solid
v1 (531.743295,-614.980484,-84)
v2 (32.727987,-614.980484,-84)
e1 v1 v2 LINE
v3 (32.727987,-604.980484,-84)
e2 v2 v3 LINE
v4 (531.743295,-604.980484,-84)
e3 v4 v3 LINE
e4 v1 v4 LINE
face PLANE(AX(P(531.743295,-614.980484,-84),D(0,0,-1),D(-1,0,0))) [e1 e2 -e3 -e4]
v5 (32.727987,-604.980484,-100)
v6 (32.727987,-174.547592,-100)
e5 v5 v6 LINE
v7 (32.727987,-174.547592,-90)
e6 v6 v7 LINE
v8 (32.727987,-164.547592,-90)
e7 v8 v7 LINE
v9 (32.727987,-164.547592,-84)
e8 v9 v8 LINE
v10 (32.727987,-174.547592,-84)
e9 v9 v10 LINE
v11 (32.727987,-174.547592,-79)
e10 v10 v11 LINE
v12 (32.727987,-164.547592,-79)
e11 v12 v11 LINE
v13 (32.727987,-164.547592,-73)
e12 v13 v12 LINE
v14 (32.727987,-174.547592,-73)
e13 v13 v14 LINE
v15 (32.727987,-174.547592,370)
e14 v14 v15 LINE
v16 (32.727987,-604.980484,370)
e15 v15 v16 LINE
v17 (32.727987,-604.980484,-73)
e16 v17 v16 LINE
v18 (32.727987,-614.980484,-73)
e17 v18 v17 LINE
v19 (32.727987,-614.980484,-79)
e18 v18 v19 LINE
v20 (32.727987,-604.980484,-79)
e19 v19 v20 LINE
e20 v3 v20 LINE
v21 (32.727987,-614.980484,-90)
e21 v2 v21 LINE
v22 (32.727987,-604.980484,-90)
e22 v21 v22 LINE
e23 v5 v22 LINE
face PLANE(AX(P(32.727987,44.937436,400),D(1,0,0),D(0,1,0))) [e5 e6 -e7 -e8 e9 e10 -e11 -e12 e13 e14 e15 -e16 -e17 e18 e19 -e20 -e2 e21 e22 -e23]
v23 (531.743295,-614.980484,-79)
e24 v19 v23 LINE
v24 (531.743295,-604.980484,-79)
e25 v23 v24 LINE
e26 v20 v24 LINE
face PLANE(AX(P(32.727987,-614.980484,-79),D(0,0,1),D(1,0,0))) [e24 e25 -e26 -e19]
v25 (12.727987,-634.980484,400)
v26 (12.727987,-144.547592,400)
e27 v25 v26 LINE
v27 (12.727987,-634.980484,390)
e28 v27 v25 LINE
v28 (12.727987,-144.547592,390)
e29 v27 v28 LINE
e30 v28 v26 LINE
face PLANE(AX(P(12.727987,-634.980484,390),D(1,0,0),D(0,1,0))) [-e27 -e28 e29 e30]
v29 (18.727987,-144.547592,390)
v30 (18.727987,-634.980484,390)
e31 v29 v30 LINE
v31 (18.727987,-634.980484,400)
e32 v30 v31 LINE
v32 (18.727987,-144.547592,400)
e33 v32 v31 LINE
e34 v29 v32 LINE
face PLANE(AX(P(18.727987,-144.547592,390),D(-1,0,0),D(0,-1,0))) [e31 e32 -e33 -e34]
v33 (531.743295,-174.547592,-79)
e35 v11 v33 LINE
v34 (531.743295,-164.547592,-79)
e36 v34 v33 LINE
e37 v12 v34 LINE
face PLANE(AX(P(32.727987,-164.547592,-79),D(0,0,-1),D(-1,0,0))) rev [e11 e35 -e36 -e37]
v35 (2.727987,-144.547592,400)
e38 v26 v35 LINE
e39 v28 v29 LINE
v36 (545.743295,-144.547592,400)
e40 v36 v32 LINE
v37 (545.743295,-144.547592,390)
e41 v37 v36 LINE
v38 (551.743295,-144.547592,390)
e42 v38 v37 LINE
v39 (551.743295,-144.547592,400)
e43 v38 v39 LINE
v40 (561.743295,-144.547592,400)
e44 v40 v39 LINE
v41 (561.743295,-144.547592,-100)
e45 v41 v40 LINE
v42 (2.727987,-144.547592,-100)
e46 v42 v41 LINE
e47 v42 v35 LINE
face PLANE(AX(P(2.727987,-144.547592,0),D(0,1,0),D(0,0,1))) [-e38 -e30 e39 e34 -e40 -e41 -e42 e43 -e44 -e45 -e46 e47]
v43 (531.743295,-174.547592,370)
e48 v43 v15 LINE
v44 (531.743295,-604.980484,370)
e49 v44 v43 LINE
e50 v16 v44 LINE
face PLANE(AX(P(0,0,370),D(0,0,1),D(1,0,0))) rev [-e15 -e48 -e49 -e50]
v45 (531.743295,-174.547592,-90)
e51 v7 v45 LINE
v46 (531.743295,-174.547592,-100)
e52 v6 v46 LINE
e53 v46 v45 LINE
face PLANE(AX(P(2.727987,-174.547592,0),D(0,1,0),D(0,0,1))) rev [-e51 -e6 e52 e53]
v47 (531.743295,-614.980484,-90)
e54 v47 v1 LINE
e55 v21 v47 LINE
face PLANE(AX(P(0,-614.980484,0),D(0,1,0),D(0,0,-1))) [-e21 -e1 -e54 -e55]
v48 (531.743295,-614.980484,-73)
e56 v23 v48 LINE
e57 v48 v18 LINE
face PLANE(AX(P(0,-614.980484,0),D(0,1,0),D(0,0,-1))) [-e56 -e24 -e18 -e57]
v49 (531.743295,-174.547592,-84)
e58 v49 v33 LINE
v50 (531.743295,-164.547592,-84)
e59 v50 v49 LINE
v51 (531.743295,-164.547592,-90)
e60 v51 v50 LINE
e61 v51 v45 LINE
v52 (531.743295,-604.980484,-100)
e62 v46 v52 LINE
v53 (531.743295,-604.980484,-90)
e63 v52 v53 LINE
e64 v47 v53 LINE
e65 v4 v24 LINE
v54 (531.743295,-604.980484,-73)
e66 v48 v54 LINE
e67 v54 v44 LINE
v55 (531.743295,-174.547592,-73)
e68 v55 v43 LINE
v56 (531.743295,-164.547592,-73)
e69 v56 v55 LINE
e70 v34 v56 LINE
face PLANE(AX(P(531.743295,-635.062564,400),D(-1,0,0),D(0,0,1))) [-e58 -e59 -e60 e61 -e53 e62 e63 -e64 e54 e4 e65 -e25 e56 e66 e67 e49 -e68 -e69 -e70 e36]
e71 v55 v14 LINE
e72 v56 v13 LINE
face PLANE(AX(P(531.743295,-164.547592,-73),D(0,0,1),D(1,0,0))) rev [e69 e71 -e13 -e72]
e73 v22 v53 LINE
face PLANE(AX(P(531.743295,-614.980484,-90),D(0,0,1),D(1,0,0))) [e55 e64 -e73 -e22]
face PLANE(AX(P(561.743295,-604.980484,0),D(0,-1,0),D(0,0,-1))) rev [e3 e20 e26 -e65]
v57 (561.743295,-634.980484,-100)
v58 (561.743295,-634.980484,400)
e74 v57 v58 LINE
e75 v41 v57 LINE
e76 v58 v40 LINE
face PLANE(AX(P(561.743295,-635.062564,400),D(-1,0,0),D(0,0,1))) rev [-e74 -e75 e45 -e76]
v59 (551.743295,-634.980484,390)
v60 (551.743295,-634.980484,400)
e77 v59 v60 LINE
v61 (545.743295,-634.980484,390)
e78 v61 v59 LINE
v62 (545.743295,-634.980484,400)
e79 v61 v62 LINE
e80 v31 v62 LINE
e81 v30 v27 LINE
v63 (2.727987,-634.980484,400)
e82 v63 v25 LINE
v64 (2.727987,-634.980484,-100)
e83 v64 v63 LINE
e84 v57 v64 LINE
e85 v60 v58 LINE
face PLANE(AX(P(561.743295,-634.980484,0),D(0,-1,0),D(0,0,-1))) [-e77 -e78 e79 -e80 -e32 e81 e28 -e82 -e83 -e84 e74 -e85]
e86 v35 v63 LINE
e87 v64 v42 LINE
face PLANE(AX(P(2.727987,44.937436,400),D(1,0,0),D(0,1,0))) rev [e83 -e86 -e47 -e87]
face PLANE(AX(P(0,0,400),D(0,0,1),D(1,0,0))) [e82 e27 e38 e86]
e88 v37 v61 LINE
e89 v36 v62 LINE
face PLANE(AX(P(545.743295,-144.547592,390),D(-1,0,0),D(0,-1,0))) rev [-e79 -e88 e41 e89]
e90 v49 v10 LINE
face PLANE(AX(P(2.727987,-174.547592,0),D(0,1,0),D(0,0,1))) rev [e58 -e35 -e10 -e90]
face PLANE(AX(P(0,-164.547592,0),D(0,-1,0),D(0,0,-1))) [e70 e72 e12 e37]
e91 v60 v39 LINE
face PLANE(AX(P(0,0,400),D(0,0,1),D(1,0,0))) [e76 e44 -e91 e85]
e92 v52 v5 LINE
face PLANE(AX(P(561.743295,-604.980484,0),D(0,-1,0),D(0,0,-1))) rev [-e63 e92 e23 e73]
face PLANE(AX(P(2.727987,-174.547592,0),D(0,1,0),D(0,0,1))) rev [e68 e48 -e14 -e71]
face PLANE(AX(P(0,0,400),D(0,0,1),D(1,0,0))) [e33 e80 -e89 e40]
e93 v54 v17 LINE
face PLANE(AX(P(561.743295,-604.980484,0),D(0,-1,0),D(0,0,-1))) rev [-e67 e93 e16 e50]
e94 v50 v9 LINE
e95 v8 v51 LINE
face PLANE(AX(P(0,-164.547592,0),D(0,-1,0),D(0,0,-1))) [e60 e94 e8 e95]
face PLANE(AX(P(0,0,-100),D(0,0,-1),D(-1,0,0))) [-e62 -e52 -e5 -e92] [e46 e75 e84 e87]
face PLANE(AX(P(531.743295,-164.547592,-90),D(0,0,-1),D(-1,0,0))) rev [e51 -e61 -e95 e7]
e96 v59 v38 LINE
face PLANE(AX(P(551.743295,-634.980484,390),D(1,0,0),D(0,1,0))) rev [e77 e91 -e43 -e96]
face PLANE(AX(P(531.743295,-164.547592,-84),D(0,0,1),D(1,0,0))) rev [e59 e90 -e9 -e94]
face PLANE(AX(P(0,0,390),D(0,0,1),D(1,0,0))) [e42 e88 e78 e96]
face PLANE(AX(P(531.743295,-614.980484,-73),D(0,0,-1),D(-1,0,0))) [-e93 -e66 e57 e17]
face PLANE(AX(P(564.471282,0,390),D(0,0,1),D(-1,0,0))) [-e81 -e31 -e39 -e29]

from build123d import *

# Parameters (mm, degrees)
SKETCH_2_W           = 559.015307906
SKETCH_2_H           = 680
EXTRUDE_2_DEPTH      = 400
SKETCH_3_OUTSIDE_W   = 754.395
SKETCH_3_OUTSIDE_H   = 875.38
SKETCH_3_OUTSIDE_W_2 = 559.015307906
SKETCH_3_OUTSIDE_H_2 = 490.432891875
CUT_EXTRUDE_1_DEPTH  = 784.744027655
SKETCH_4_W           = 559.015307906
SKETCH_4_H           = 490.432891875
EXTRUDE_3_DEPTH      = 100
SHELL_2_T            = -30
SKETCH_5_W           = 499.015307907
SKETCH_5_H           = 6
CUT_EXTRUDE_2_DEPTH  = 10
SKETCH_6_W           = 499.015307907
SKETCH_6_H           = 6
CUT_EXTRUDE_3_DEPTH  = 10
SKETCH_7_W           = 6
SKETCH_7_H           = 490.432891874
CUT_EXTRUDE_4_DEPTH  = 10


with BuildPart() as part:
    # 草图2 → 凸台-拉伸2 (new body)
    with BuildSketch(Plane(origin=(180.83794206, -79.035754343, 0), x_dir=(1, 0, 0), z_dir=(0, 0, 1))):
        with Locations((101.397699083, -216.026809528)):
            Rectangle(SKETCH_2_W, SKETCH_2_H)
    extrude(amount=EXTRUDE_2_DEPTH)

    # 草图3 outside → 切除-拉伸1 (cut, through all)
    with BuildSketch(Plane(origin=(180.83794206, -79.035754343, 400), x_dir=(1, 0, 0), z_dir=(0, 0, 1))):
        with Locations((101.3975, -216.027)):
            Rectangle(SKETCH_3_OUTSIDE_W, SKETCH_3_OUTSIDE_H)
        with Locations((101.397699083, -310.72828395)):
            Rectangle(SKETCH_3_OUTSIDE_W_2, SKETCH_3_OUTSIDE_H_2, mode=Mode.SUBTRACT)
    extrude(amount=-CUT_EXTRUDE_1_DEPTH, mode=Mode.SUBTRACT)

    # 草图4 → 凸台-拉伸3 (add)
    with BuildSketch(Plane(origin=(180.83794206, -79.035754343, 0), x_dir=(-1, 0, 0), z_dir=(0, 0, -1))):
        with Locations((-101.397699083, -310.72828395)):
            Rectangle(SKETCH_4_W, SKETCH_4_H)
    extrude(amount=EXTRUDE_3_DEPTH)

    # 抽壳2
    shell_2_openings = [part.faces().sort_by_distance(p)[0] for p in [
        (282.235641143, -389.764038294, -100),
    ]]
    offset(amount=SHELL_2_T, openings=shell_2_openings, kind=Kind.INTERSECTION)

    # 草图5 → 切除-拉伸2 (cut)
    with BuildSketch(Plane.XZ.offset(174.547592357)):
        with Locations((282.235641143, -87)):
            Rectangle(SKETCH_5_W, SKETCH_5_H)
    cut_extrude_2 = extrude(amount=-CUT_EXTRUDE_2_DEPTH, mode=Mode.SUBTRACT)

    # 草图6 → 切除-拉伸3 (cut)
    with BuildSketch(Plane.XZ.offset(174.547592357)):
        with Locations((282.235641143, -76)):
            Rectangle(SKETCH_6_W, SKETCH_6_H)
    cut_extrude_3 = extrude(amount=-CUT_EXTRUDE_3_DEPTH, mode=Mode.SUBTRACT)

    # 镜向1: 切除-拉伸2, 切除-拉伸3 across plane
    add(cut_extrude_2.mirror(Plane(origin=(0, -389.764038294, 0), x_dir=(0, 0, 1), z_dir=(0, -1, 0))), mode=Mode.SUBTRACT)
    add(cut_extrude_3.mirror(Plane(origin=(0, -389.764038294, 0), x_dir=(0, 0, 1), z_dir=(0, -1, 0))), mode=Mode.SUBTRACT)

    # 草图7 → 切除-拉伸4 (cut)
    with BuildSketch(Plane.XY.offset(400)):
        with Locations((548.743295096, -389.764038294)):
            Rectangle(SKETCH_7_W, SKETCH_7_H)
    cut_extrude_4 = extrude(amount=-CUT_EXTRUDE_4_DEPTH, mode=Mode.SUBTRACT)

    # 镜向2: 切除-拉伸4 across plane
    add(cut_extrude_4.mirror(Plane.ZY.offset(-282.235641143)), mode=Mode.SUBTRACT)


solid = part.part
